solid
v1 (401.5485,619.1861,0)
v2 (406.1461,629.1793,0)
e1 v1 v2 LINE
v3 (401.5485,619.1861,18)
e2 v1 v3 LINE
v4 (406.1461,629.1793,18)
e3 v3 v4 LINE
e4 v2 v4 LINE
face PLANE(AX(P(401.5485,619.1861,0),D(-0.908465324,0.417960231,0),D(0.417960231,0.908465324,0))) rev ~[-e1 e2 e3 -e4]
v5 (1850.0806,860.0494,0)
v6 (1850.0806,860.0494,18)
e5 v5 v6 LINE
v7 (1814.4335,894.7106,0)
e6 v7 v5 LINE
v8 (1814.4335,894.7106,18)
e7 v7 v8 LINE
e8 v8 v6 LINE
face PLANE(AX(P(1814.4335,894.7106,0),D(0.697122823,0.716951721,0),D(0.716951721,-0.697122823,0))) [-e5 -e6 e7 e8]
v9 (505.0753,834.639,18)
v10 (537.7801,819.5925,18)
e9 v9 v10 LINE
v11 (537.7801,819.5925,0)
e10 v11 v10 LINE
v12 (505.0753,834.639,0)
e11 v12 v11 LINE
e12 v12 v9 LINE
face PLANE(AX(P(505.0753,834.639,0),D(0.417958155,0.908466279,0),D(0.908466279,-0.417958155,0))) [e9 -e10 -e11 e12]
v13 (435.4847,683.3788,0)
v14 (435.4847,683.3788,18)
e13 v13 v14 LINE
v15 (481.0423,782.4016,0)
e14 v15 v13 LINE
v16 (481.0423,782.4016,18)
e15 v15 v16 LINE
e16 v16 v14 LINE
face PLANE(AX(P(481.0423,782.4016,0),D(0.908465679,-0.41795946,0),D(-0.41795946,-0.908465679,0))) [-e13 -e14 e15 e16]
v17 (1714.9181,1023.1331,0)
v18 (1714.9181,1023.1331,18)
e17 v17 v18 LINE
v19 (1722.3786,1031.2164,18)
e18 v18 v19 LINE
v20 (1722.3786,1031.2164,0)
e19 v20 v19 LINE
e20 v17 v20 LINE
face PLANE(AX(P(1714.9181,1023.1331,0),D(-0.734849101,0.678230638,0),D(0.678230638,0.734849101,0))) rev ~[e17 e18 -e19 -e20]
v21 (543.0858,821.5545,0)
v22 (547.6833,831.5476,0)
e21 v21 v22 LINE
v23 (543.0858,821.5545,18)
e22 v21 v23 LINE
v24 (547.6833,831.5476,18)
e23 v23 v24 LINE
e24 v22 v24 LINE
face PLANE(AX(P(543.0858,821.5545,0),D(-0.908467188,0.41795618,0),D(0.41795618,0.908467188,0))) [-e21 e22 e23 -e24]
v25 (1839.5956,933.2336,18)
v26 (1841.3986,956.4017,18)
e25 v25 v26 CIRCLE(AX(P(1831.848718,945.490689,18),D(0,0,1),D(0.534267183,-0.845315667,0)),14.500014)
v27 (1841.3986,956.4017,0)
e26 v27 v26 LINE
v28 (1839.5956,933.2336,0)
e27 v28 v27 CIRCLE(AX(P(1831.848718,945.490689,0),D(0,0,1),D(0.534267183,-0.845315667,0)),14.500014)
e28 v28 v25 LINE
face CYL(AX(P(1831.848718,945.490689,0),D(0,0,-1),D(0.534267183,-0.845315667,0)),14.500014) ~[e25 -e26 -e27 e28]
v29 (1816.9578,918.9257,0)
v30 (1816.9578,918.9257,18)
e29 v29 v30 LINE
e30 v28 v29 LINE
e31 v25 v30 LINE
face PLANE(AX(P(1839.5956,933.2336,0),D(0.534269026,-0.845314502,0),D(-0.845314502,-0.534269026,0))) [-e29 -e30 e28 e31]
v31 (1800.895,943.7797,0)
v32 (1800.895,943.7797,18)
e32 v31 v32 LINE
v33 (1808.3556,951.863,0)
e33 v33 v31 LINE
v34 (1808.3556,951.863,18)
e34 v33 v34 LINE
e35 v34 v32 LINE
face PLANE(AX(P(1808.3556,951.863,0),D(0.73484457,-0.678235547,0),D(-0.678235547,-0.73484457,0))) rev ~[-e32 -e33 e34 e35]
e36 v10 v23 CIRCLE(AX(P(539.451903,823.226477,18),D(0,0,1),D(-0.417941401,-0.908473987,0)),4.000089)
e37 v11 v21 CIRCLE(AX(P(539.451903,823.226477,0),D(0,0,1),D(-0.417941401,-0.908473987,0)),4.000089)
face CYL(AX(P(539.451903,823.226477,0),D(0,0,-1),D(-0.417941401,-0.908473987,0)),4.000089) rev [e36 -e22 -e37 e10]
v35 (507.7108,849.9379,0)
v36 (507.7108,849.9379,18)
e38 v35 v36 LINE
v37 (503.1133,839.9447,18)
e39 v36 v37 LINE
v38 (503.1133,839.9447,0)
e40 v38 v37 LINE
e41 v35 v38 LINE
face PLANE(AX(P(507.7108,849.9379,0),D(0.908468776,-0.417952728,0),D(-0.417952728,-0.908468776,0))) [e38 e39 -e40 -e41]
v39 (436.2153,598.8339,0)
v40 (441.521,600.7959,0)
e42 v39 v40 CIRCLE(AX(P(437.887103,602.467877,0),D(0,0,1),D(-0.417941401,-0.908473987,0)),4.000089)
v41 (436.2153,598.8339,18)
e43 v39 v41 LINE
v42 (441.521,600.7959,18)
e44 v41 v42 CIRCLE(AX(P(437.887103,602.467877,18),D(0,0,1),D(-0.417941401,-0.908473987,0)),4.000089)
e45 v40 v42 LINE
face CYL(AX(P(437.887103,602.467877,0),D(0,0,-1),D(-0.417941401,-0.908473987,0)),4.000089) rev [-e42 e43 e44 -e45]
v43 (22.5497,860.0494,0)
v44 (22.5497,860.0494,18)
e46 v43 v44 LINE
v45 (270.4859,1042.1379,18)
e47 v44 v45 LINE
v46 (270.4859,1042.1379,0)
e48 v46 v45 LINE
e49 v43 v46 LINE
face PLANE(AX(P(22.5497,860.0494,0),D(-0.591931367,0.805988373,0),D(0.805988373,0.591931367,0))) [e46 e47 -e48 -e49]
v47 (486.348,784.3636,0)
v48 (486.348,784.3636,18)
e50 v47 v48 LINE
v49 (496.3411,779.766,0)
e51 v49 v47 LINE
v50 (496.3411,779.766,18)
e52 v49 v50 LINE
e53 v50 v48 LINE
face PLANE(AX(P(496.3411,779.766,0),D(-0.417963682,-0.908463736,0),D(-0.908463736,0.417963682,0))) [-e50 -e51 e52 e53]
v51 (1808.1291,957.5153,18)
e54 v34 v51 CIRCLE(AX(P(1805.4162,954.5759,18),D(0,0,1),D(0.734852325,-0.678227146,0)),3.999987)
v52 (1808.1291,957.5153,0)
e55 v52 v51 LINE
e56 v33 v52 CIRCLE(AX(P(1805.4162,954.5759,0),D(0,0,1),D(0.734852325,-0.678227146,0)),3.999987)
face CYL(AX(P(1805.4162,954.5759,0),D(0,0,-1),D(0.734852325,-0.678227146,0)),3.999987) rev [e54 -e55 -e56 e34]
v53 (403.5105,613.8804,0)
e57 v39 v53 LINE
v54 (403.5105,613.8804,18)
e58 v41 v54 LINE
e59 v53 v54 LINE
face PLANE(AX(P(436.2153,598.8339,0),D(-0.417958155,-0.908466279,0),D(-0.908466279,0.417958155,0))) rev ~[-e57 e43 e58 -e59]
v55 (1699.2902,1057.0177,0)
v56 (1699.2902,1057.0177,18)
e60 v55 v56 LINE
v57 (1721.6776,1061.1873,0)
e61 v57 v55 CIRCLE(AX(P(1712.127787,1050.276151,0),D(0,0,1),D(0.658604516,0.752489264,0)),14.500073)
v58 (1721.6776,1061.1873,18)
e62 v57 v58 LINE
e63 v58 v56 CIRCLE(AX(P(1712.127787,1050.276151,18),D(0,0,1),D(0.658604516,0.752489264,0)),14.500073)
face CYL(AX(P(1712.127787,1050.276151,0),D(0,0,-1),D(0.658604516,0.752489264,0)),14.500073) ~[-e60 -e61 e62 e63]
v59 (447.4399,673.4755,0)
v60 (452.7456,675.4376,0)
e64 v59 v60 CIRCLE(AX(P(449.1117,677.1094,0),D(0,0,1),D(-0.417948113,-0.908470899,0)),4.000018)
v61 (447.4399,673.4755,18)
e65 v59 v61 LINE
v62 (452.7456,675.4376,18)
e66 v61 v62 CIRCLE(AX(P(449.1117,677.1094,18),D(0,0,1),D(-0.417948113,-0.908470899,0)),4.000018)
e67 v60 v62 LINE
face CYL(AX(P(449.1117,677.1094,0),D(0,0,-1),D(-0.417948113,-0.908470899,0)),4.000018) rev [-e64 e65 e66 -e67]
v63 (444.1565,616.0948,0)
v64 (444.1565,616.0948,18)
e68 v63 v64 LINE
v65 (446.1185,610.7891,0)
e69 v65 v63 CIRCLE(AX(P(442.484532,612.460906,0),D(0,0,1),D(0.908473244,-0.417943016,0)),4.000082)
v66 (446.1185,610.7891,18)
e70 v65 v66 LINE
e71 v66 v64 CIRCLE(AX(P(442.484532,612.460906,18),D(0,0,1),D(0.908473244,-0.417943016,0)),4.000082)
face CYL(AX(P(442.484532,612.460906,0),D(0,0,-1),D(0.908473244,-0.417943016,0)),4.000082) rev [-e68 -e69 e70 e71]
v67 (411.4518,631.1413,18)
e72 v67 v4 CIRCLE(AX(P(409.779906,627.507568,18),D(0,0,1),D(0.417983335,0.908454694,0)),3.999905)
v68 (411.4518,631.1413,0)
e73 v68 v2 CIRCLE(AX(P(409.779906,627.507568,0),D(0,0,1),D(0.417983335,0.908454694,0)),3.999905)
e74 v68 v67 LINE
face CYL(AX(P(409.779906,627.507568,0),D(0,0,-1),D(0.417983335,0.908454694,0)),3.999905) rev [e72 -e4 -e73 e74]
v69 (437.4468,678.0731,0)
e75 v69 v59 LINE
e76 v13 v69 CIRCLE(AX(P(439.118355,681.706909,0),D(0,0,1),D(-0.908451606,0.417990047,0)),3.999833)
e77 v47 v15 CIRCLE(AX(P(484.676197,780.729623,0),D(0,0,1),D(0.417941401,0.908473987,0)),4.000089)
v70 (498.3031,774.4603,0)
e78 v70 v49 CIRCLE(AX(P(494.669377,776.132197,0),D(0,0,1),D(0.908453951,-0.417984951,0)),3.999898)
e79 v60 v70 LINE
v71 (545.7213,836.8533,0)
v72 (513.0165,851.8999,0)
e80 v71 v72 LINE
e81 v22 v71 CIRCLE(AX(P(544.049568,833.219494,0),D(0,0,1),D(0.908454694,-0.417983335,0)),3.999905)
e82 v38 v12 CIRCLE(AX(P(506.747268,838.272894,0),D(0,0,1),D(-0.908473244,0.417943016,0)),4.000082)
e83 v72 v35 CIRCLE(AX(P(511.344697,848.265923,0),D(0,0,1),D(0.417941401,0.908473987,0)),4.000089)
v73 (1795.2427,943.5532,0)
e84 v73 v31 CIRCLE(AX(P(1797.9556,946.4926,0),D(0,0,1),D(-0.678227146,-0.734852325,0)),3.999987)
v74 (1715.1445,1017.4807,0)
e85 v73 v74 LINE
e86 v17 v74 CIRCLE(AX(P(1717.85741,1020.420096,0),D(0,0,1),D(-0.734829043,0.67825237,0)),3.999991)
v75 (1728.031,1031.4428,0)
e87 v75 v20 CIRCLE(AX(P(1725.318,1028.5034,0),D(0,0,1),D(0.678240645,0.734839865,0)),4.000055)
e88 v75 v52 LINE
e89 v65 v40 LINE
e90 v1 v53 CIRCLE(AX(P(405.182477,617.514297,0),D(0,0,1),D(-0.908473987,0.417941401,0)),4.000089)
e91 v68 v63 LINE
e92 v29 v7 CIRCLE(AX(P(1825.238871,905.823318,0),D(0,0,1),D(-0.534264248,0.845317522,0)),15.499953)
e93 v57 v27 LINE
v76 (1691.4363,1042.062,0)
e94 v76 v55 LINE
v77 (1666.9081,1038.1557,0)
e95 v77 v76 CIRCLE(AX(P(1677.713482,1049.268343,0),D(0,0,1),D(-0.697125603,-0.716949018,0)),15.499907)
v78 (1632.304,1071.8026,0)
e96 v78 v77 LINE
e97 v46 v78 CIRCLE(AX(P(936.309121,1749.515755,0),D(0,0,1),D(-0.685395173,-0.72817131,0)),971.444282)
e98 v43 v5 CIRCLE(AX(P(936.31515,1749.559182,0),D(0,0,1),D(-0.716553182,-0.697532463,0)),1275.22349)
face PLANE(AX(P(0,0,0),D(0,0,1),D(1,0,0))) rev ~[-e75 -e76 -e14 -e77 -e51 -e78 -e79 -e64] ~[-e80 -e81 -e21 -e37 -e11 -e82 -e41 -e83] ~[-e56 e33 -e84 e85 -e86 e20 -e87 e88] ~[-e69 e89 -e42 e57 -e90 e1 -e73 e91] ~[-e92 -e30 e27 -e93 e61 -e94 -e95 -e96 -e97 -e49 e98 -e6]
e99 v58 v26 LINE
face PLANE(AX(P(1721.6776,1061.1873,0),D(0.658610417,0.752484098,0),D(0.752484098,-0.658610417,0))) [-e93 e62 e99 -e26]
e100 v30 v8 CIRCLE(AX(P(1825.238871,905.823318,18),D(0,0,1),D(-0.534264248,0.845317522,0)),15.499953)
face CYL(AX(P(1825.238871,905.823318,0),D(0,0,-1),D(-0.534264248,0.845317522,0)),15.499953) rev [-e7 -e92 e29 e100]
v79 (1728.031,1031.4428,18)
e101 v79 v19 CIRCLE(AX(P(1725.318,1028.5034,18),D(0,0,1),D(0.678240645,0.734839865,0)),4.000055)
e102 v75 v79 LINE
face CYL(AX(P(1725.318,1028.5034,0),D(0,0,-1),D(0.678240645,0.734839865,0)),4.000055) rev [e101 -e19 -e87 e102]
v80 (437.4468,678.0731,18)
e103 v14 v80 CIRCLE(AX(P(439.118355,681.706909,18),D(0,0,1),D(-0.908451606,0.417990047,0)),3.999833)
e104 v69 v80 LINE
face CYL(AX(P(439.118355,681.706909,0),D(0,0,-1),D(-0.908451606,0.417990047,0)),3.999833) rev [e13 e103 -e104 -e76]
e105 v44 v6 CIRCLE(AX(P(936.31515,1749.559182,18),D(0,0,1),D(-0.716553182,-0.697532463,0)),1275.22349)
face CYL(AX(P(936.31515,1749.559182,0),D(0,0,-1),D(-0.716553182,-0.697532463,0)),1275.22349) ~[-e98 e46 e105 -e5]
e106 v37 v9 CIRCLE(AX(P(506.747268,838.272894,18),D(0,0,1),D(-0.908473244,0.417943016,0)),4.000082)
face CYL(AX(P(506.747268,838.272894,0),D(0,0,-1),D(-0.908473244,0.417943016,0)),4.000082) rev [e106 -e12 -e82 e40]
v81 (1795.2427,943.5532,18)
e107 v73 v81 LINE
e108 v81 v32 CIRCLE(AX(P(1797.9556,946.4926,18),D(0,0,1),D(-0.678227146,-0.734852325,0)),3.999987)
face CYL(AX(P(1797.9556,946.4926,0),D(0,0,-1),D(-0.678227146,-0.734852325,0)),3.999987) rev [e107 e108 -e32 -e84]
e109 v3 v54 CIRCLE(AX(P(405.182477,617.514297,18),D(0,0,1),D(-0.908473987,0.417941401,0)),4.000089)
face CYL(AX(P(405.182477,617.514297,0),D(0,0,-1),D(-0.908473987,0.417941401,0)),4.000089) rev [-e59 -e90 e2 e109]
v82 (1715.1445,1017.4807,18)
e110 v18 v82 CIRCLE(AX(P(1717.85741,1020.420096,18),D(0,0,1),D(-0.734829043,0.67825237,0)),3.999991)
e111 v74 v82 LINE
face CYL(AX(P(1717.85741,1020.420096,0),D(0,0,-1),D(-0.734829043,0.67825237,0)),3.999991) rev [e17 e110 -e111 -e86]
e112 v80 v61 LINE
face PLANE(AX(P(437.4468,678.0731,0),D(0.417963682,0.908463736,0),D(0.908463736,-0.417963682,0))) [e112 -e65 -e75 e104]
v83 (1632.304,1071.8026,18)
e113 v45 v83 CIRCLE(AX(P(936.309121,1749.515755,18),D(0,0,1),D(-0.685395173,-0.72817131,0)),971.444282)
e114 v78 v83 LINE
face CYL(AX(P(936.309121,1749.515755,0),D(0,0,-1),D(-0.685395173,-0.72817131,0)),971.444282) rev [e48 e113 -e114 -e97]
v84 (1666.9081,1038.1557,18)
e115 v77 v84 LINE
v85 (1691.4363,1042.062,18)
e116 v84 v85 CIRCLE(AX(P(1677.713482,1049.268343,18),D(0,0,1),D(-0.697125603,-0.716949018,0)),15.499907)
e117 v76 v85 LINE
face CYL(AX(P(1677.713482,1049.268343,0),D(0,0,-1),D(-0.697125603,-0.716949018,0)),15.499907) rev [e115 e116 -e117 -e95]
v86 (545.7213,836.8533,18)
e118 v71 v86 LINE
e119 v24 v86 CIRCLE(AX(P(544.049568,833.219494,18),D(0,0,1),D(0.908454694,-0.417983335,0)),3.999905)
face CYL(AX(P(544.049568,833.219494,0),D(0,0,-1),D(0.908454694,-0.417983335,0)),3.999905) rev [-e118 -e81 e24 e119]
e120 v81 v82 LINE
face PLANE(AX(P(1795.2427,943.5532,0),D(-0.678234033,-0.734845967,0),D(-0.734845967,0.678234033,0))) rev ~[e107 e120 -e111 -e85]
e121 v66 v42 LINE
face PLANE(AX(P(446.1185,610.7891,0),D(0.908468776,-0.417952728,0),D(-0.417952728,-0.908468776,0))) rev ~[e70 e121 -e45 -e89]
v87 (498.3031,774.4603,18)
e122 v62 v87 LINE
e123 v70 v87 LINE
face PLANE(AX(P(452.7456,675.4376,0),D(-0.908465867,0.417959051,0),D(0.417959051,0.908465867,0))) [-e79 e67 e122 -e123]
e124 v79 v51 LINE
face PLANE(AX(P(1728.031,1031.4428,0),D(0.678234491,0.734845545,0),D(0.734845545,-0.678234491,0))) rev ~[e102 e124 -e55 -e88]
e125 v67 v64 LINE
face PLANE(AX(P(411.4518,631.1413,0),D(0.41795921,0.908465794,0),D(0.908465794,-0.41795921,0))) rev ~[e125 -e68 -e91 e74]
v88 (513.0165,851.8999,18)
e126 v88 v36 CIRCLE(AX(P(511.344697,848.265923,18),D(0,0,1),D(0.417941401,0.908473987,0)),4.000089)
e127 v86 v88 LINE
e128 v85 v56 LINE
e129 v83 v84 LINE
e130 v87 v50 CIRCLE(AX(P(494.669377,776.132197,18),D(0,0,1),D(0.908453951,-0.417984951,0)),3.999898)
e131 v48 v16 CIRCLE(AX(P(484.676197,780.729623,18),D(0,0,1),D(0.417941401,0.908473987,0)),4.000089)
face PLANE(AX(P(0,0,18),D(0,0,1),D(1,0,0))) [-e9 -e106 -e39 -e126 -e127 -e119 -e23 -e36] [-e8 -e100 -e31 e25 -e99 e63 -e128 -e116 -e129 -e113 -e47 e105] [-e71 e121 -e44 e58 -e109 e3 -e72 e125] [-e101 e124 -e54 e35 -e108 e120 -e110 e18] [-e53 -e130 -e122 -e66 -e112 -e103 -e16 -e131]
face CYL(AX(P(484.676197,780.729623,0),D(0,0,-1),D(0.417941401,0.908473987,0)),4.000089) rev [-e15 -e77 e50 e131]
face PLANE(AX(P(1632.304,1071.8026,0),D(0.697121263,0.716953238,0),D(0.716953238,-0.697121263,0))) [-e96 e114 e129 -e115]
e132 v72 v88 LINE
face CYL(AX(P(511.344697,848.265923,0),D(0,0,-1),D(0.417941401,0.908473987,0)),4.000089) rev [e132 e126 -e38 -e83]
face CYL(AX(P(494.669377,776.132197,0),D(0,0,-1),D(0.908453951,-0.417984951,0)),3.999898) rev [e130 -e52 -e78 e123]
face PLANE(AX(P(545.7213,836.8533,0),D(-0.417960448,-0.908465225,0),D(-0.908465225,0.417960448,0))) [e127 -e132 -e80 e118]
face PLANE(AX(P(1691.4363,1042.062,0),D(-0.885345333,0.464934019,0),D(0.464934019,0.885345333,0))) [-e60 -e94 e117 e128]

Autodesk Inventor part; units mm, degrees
ref_plane "YZ Plane" through (0, 0, 0) normal (1, 0, 0) x (0, 1, 0)
ref_plane "XZ Plane" through (0, 0, 0) normal (0, 1, 0) x (-1, 0, 0)
ref_plane "XY Plane" through (0, 0, 0) normal (0, 0, 1) x (1, 0, 0)
sketch "CONTOURS" plane through (0, 0, 0) normal (0, 0, 1) x (1, 0, 0)
  arc A0 (1666.9081, 1038.1557) -> (1691.4363, 1042.062) centre (1677.7135, 1049.2684) ccw
  line L0 (1691.4363, 1042.062) -> (1699.2902, 1057.0177)
  arc A1 (1721.6776, 1061.1873) -> (1699.2902, 1057.0177) centre (1712.1278, 1050.2762) ccw
  line L1 (1721.6776, 1061.1873) -> (1841.3986, 956.4017)
  arc A2 (1839.5956, 933.2336) -> (1841.3986, 956.4017) centre (1831.8487, 945.4907) ccw
  line L2 (1839.5956, 933.2336) -> (1816.9578, 918.9257)
  line L3 (1814.4335, 894.7106) -> (1850.0806, 860.0494)
  arc A3 (22.5497, 860.0494) -> (1850.0806, 860.0494) centre (936.3152, 1749.5593) ccw
  line L4 (22.5497, 860.0494) -> (270.4859, 1042.1379)
  arc A4 (270.4859, 1042.1379) -> (1632.304, 1071.8026) centre (936.3091, 1749.5157) ccw
  line L5 (1632.304, 1071.8026) -> (1666.9081, 1038.1557)
  arc A5 (1816.9578, 918.9257) -> (1814.4335, 894.7106) centre (1825.2389, 905.8233) ccw
  dimension "d1" = 1275.2235
  dimension "d3" = 971.4442
sketch "HOLES" plane through (0, 0, 0) normal (0, 0, 1) x (1, 0, 0)
  line L0 (1808.3556, 951.863) -> (1800.895, 943.7797)
  arc A0 (1795.2427, 943.5532) -> (1800.895, 943.7797) centre (1797.9556, 946.4926) ccw
  line L1 (1795.2427, 943.5532) -> (1715.1445, 1017.4807)
  arc A1 (1714.9181, 1023.1331) -> (1715.1445, 1017.4807) centre (1717.8574, 1020.4201) ccw
  line L2 (1714.9181, 1023.1331) -> (1722.3786, 1031.2164)
  arc A2 (1728.031, 1031.4428) -> (1722.3786, 1031.2164) centre (1725.318, 1028.5034) ccw
  line L3 (1728.031, 1031.4428) -> (1808.1291, 957.5153)
  arc A3 (1808.3556, 951.863) -> (1808.1291, 957.5153) centre (1805.4162, 954.5759) ccw
  line L4 (543.0858, 821.5545) -> (547.6833, 831.5476)
  arc A4 (547.6833, 831.5476) -> (545.7213, 836.8533) centre (544.0494, 833.2195) ccw
  line L5 (545.7213, 836.8533) -> (513.0165, 851.8999)
  arc A5 (513.0165, 851.8999) -> (507.7108, 849.9379) centre (511.3447, 848.266) ccw
  line L6 (507.7108, 849.9379) -> (503.1133, 839.9447)
  arc A6 (503.1133, 839.9447) -> (505.0753, 834.639) centre (506.7471, 838.2729) ccw
  line L7 (505.0753, 834.639) -> (537.7801, 819.5925)
  arc A7 (537.7801, 819.5925) -> (543.0858, 821.5545) centre (539.4519, 823.2264) ccw
  line L8 (481.0423, 782.4016) -> (435.4847, 683.3788)
  arc A8 (435.4847, 683.3788) -> (437.4468, 678.0731) centre (439.1186, 681.7069) ccw
  line L9 (437.4468, 678.0731) -> (447.4399, 673.4755)
  arc A9 (447.4399, 673.4755) -> (452.7456, 675.4376) centre (449.1117, 677.1094) ccw
  line L10 (452.7456, 675.4376) -> (498.3031, 774.4603)
  arc A10 (498.3031, 774.4603) -> (496.3411, 779.766) centre (494.6693, 776.1322) ccw
  line L11 (496.3411, 779.766) -> (486.348, 784.3636)
  arc A11 (486.348, 784.3636) -> (481.0423, 782.4016) centre (484.6762, 780.7297) ccw
  line L12 (446.1185, 610.7891) -> (441.521, 600.7959)
  arc A12 (436.2153, 598.8339) -> (441.521, 600.7959) centre (437.8871, 602.4678) ccw
  line L13 (436.2153, 598.8339) -> (403.5105, 613.8804)
  arc A13 (401.5485, 619.1861) -> (403.5105, 613.8804) centre (405.1824, 617.5143) ccw
  line L14 (401.5485, 619.1861) -> (406.1461, 629.1793)
  arc A14 (411.4518, 631.1413) -> (406.1461, 629.1793) centre (409.7799, 627.5074) ccw
  line L15 (411.4518, 631.1413) -> (444.1565, 616.0948)
  arc A15 (446.1185, 610.7891) -> (444.1565, 616.0948) centre (442.4847, 612.4609) ccw
sketch "LETTERS" plane through (0, 0, 0) normal (0, 0, 1) x (1, 0, 0)
  line L0 (578.69, 694.1928) -> (578.8133, 694.0526)
  line L1 (578.8133, 694.0526) -> (578.9339, 693.9068)
  line L2 (578.9339, 693.9068) -> (579.0516, 693.7555)
  line L3 (579.0516, 693.7555) -> (579.1661, 693.5988)
  line L4 (579.1661, 693.5988) -> (579.2775, 693.4368)
  line L5 (579.2775, 693.4368) -> (579.3854, 693.2696)
  line L6 (579.3854, 693.2696) -> (579.4899, 693.0974)
  line L7 (579.4899, 693.0974) -> (579.5907, 692.9201)
  line L8 (579.5907, 692.9201) -> (579.6877, 692.7381)
  line L9 (579.6877, 692.7381) -> (579.7809, 692.5514)
  line L10 (579.7809, 692.5514) -> (579.87, 692.3601)
  line L11 (579.87, 692.3601) -> (579.955, 692.1646)
  line L12 (579.955, 692.1646) -> (580.0358, 691.9649)
  line L13 (580.0358, 691.9649) -> (580.1123, 691.7612)
  line L14 (580.1123, 691.7612) -> (580.1844, 691.5538)
  line L15 (580.1844, 691.5538) -> (580.252, 691.3428)
  line L16 (580.252, 691.3428) -> (580.3151, 691.1284)
  line L17 (580.3151, 691.1284) -> (580.3736, 690.911)
  line L18 (580.3736, 690.911) -> (580.4275, 690.6906)
  line L19 (580.4275, 690.6906) -> (580.4767, 690.4676)
  line L20 (580.4767, 690.4676) -> (580.5212, 690.2422)
  line L21 (580.5212, 690.2422) -> (580.561, 690.0145)
  line L22 (580.561, 690.0145) -> (580.596, 689.7849)
  line L23 (580.596, 689.7849) -> (580.6263, 689.5536)
  line L24 (580.6263, 689.5536) -> (580.6519, 689.3209)
  line L25 (580.6519, 689.3209) -> (580.6728, 689.0869)
  line L26 (580.6728, 689.0869) -> (580.689, 688.8519)
  line L27 (580.689, 688.8519) -> (580.7006, 688.6162)
  line L28 (580.7006, 688.6162) -> (580.7076, 688.3799)
  line L29 (580.7076, 688.3799) -> (580.71, 688.1435)
  line L30 (580.71, 688.1435) -> (580.7083, 687.9072)
  line L31 (580.7083, 687.9072) -> (580.7019, 687.6709)
  line L32 (580.7019, 687.6709) -> (580.6911, 687.4349)
  line L33 (580.6911, 687.4349) -> (580.6761, 687.1997)
  line L34 (580.6761, 687.1997) -> (580.6569, 686.9652)
  line L35 (580.6569, 686.9652) -> (580.6064, 686.4997)
  line L36 (580.6064, 686.4997) -> (580.5405, 686.0398)
  line L37 (580.5405, 686.0398) -> (580.46, 685.5872)
  line L38 (580.46, 685.5872) -> (580.3659, 685.1429)
  line L39 (580.3659, 685.1429) -> (580.259, 684.7083)
  line L40 (580.259, 684.7083) -> (580.1405, 684.2843)
  line L41 (580.1405, 684.2843) -> (580.0089, 683.8641)
  line L42 (580.0089, 683.8641) -> (579.8616, 683.4415)
  line L43 (579.8616, 683.4415) -> (579.6986, 683.0176)
  line L44 (579.6986, 683.0176) -> (579.5194, 682.5942)
  line L45 (579.5194, 682.5942) -> (579.3242, 682.1727)
  line L46 (579.3242, 682.1727) -> (579.1129, 681.7548)
  line L47 (579.1129, 681.7548) -> (579.0013, 681.5478)
  line L48 (579.0013, 681.5478) -> (578.8857, 681.3423)
  line L49 (578.8857, 681.3423) -> (578.7662, 681.1386)
  line L50 (578.7662, 681.1386) -> (578.6428, 680.9369)
  line L51 (578.6428, 680.9369) -> (578.5156, 680.7375)
  line L52 (578.5156, 680.7375) -> (578.3847, 680.5405)
  line L53 (578.3847, 680.5405) -> (578.2502, 680.3462)
  line L54 (578.2502, 680.3462) -> (578.1121, 680.1549)
  line L55 (578.1121, 680.1549) -> (577.9704, 679.9667)
  line L56 (577.9704, 679.9667) -> (577.8254, 679.7818)
  line L57 (577.8254, 679.7818) -> (577.6772, 679.6006)
  line L58 (577.6772, 679.6006) -> (577.5257, 679.4231)
  line L59 (577.5257, 679.4231) -> (577.3713, 679.2497)
  line L60 (577.3713, 679.2497) -> (577.2139, 679.0805)
  line L61 (577.2139, 679.0805) -> (577.0538, 678.9157)
  line L62 (577.0538, 678.9157) -> (576.891, 678.7555)
  line L63 (576.891, 678.7555) -> (576.7258, 678.6)
  line L64 (576.7258, 678.6) -> (576.5582, 678.4496)
  line L65 (576.5582, 678.4496) -> (576.3886, 678.3042)
  line L66 (576.3886, 678.3042) -> (576.2169, 678.1641)
  line L67 (576.2169, 678.1641) -> (576.0434, 678.0295)
  line L68 (576.0434, 678.0295) -> (575.8683, 677.9003)
  line L69 (575.8683, 677.9003) -> (575.6918, 677.7769)
  line L70 (575.6918, 677.7769) -> (575.5139, 677.6592)
  line L71 (575.5139, 677.6592) -> (575.335, 677.5474)
  line L72 (575.335, 677.5474) -> (575.1552, 677.4416)
  line L73 (575.1552, 677.4416) -> (574.9746, 677.3418)
  line L74 (574.9746, 677.3418) -> (574.7935, 677.2481)
  line L75 (574.7935, 677.2481) -> (574.612, 677.1606)
  line L76 (574.612, 677.1606) -> (574.4304, 677.0792)
  line L77 (574.4304, 677.0792) -> (574.2488, 677.004)
  line L78 (574.2488, 677.004) -> (574.0674, 676.9351)
  line L79 (574.0674, 676.9351) -> (573.8863, 676.8723)
  line L80 (573.8863, 676.8723) -> (573.7057, 676.8158)
  line L81 (573.7057, 676.8158) -> (573.5259, 676.7654)
  line L82 (573.5259, 676.7654) -> (573.3469, 676.7211)
  line L83 (573.3469, 676.7211) -> (573.1689, 676.6829)
  line L84 (573.1689, 676.6829) -> (572.9922, 676.6507)
  line L85 (572.9922, 676.6507) -> (572.8167, 676.6245)
  line L86 (572.8167, 676.6245) -> (572.6427, 676.6042)
  line L87 (572.6427, 676.6042) -> (572.4703, 676.5896)
  line L88 (572.4703, 676.5896) -> (572.2997, 676.5808)
  line L89 (572.2997, 676.5808) -> (572.1309, 676.5775)
  line L90 (572.1309, 676.5775) -> (571.964, 676.5797)
  line L91 (571.964, 676.5797) -> (571.7993, 676.5872)
  line L92 (571.7993, 676.5872) -> (571.6367, 676.6)
  line L93 (571.6367, 676.6) -> (571.4764, 676.6179)
  line L94 (571.4764, 676.6179) -> (571.3185, 676.6407)
  line L95 (571.3185, 676.6407) -> (571.163, 676.6683)
  line L96 (571.163, 676.6683) -> (571.0101, 676.7007)
  line L97 (571.0101, 676.7007) -> (570.8598, 676.7375)
  line L98 (570.8598, 676.7375) -> (570.7121, 676.7787)
  line L99 (578.4356, 694.4565) -> (578.564, 694.3275)
  line L100 (578.3049, 694.5797) -> (578.4356, 694.4565)
  line L101 (578.172, 694.6973) -> (578.3049, 694.5797)
  line L102 (578.0372, 694.8092) -> (578.172, 694.6973)
  line L103 (577.9006, 694.9153) -> (578.0372, 694.8092)
  line L104 (577.7623, 695.0157) -> (577.9006, 694.9153)
  line L105 (577.6225, 695.1104) -> (577.7623, 695.0157)
  line L106 (577.4814, 695.1995) -> (577.6225, 695.1104)
  line L107 (577.3392, 695.2829) -> (577.4814, 695.1995)
  line L108 (577.1959, 695.3608) -> (577.3392, 695.2829)
  line L109 (577.0518, 695.4331) -> (577.1959, 695.3608)
  line L110 (576.9069, 695.5) -> (577.0518, 695.4331)
  line L111 (576.7615, 695.5616) -> (576.9069, 695.5)
  line L112 (576.6156, 695.6178) -> (576.7615, 695.5616)
  line L113 (576.4695, 695.6688) -> (576.6156, 695.6178)
  line L114 (576.3232, 695.7147) -> (576.4695, 695.6688)
  line L115 (569.8928, 698.0178) -> (576.3232, 695.7147)
  line L116 (563.2082, 679.3542) -> (569.8928, 698.0178)
  line L117 (570.7121, 676.7787) -> (563.2082, 679.3542)
  line L118 (578.564, 694.3275) -> (578.69, 694.1928)
extrude "Extrusion2" add sketch "CONTOURS" along normal blind 18
extrude "Extrusion3" cut sketch "HOLES" along normal blind 18
properties part number "Platform D1" material "Wood (Birch)"
